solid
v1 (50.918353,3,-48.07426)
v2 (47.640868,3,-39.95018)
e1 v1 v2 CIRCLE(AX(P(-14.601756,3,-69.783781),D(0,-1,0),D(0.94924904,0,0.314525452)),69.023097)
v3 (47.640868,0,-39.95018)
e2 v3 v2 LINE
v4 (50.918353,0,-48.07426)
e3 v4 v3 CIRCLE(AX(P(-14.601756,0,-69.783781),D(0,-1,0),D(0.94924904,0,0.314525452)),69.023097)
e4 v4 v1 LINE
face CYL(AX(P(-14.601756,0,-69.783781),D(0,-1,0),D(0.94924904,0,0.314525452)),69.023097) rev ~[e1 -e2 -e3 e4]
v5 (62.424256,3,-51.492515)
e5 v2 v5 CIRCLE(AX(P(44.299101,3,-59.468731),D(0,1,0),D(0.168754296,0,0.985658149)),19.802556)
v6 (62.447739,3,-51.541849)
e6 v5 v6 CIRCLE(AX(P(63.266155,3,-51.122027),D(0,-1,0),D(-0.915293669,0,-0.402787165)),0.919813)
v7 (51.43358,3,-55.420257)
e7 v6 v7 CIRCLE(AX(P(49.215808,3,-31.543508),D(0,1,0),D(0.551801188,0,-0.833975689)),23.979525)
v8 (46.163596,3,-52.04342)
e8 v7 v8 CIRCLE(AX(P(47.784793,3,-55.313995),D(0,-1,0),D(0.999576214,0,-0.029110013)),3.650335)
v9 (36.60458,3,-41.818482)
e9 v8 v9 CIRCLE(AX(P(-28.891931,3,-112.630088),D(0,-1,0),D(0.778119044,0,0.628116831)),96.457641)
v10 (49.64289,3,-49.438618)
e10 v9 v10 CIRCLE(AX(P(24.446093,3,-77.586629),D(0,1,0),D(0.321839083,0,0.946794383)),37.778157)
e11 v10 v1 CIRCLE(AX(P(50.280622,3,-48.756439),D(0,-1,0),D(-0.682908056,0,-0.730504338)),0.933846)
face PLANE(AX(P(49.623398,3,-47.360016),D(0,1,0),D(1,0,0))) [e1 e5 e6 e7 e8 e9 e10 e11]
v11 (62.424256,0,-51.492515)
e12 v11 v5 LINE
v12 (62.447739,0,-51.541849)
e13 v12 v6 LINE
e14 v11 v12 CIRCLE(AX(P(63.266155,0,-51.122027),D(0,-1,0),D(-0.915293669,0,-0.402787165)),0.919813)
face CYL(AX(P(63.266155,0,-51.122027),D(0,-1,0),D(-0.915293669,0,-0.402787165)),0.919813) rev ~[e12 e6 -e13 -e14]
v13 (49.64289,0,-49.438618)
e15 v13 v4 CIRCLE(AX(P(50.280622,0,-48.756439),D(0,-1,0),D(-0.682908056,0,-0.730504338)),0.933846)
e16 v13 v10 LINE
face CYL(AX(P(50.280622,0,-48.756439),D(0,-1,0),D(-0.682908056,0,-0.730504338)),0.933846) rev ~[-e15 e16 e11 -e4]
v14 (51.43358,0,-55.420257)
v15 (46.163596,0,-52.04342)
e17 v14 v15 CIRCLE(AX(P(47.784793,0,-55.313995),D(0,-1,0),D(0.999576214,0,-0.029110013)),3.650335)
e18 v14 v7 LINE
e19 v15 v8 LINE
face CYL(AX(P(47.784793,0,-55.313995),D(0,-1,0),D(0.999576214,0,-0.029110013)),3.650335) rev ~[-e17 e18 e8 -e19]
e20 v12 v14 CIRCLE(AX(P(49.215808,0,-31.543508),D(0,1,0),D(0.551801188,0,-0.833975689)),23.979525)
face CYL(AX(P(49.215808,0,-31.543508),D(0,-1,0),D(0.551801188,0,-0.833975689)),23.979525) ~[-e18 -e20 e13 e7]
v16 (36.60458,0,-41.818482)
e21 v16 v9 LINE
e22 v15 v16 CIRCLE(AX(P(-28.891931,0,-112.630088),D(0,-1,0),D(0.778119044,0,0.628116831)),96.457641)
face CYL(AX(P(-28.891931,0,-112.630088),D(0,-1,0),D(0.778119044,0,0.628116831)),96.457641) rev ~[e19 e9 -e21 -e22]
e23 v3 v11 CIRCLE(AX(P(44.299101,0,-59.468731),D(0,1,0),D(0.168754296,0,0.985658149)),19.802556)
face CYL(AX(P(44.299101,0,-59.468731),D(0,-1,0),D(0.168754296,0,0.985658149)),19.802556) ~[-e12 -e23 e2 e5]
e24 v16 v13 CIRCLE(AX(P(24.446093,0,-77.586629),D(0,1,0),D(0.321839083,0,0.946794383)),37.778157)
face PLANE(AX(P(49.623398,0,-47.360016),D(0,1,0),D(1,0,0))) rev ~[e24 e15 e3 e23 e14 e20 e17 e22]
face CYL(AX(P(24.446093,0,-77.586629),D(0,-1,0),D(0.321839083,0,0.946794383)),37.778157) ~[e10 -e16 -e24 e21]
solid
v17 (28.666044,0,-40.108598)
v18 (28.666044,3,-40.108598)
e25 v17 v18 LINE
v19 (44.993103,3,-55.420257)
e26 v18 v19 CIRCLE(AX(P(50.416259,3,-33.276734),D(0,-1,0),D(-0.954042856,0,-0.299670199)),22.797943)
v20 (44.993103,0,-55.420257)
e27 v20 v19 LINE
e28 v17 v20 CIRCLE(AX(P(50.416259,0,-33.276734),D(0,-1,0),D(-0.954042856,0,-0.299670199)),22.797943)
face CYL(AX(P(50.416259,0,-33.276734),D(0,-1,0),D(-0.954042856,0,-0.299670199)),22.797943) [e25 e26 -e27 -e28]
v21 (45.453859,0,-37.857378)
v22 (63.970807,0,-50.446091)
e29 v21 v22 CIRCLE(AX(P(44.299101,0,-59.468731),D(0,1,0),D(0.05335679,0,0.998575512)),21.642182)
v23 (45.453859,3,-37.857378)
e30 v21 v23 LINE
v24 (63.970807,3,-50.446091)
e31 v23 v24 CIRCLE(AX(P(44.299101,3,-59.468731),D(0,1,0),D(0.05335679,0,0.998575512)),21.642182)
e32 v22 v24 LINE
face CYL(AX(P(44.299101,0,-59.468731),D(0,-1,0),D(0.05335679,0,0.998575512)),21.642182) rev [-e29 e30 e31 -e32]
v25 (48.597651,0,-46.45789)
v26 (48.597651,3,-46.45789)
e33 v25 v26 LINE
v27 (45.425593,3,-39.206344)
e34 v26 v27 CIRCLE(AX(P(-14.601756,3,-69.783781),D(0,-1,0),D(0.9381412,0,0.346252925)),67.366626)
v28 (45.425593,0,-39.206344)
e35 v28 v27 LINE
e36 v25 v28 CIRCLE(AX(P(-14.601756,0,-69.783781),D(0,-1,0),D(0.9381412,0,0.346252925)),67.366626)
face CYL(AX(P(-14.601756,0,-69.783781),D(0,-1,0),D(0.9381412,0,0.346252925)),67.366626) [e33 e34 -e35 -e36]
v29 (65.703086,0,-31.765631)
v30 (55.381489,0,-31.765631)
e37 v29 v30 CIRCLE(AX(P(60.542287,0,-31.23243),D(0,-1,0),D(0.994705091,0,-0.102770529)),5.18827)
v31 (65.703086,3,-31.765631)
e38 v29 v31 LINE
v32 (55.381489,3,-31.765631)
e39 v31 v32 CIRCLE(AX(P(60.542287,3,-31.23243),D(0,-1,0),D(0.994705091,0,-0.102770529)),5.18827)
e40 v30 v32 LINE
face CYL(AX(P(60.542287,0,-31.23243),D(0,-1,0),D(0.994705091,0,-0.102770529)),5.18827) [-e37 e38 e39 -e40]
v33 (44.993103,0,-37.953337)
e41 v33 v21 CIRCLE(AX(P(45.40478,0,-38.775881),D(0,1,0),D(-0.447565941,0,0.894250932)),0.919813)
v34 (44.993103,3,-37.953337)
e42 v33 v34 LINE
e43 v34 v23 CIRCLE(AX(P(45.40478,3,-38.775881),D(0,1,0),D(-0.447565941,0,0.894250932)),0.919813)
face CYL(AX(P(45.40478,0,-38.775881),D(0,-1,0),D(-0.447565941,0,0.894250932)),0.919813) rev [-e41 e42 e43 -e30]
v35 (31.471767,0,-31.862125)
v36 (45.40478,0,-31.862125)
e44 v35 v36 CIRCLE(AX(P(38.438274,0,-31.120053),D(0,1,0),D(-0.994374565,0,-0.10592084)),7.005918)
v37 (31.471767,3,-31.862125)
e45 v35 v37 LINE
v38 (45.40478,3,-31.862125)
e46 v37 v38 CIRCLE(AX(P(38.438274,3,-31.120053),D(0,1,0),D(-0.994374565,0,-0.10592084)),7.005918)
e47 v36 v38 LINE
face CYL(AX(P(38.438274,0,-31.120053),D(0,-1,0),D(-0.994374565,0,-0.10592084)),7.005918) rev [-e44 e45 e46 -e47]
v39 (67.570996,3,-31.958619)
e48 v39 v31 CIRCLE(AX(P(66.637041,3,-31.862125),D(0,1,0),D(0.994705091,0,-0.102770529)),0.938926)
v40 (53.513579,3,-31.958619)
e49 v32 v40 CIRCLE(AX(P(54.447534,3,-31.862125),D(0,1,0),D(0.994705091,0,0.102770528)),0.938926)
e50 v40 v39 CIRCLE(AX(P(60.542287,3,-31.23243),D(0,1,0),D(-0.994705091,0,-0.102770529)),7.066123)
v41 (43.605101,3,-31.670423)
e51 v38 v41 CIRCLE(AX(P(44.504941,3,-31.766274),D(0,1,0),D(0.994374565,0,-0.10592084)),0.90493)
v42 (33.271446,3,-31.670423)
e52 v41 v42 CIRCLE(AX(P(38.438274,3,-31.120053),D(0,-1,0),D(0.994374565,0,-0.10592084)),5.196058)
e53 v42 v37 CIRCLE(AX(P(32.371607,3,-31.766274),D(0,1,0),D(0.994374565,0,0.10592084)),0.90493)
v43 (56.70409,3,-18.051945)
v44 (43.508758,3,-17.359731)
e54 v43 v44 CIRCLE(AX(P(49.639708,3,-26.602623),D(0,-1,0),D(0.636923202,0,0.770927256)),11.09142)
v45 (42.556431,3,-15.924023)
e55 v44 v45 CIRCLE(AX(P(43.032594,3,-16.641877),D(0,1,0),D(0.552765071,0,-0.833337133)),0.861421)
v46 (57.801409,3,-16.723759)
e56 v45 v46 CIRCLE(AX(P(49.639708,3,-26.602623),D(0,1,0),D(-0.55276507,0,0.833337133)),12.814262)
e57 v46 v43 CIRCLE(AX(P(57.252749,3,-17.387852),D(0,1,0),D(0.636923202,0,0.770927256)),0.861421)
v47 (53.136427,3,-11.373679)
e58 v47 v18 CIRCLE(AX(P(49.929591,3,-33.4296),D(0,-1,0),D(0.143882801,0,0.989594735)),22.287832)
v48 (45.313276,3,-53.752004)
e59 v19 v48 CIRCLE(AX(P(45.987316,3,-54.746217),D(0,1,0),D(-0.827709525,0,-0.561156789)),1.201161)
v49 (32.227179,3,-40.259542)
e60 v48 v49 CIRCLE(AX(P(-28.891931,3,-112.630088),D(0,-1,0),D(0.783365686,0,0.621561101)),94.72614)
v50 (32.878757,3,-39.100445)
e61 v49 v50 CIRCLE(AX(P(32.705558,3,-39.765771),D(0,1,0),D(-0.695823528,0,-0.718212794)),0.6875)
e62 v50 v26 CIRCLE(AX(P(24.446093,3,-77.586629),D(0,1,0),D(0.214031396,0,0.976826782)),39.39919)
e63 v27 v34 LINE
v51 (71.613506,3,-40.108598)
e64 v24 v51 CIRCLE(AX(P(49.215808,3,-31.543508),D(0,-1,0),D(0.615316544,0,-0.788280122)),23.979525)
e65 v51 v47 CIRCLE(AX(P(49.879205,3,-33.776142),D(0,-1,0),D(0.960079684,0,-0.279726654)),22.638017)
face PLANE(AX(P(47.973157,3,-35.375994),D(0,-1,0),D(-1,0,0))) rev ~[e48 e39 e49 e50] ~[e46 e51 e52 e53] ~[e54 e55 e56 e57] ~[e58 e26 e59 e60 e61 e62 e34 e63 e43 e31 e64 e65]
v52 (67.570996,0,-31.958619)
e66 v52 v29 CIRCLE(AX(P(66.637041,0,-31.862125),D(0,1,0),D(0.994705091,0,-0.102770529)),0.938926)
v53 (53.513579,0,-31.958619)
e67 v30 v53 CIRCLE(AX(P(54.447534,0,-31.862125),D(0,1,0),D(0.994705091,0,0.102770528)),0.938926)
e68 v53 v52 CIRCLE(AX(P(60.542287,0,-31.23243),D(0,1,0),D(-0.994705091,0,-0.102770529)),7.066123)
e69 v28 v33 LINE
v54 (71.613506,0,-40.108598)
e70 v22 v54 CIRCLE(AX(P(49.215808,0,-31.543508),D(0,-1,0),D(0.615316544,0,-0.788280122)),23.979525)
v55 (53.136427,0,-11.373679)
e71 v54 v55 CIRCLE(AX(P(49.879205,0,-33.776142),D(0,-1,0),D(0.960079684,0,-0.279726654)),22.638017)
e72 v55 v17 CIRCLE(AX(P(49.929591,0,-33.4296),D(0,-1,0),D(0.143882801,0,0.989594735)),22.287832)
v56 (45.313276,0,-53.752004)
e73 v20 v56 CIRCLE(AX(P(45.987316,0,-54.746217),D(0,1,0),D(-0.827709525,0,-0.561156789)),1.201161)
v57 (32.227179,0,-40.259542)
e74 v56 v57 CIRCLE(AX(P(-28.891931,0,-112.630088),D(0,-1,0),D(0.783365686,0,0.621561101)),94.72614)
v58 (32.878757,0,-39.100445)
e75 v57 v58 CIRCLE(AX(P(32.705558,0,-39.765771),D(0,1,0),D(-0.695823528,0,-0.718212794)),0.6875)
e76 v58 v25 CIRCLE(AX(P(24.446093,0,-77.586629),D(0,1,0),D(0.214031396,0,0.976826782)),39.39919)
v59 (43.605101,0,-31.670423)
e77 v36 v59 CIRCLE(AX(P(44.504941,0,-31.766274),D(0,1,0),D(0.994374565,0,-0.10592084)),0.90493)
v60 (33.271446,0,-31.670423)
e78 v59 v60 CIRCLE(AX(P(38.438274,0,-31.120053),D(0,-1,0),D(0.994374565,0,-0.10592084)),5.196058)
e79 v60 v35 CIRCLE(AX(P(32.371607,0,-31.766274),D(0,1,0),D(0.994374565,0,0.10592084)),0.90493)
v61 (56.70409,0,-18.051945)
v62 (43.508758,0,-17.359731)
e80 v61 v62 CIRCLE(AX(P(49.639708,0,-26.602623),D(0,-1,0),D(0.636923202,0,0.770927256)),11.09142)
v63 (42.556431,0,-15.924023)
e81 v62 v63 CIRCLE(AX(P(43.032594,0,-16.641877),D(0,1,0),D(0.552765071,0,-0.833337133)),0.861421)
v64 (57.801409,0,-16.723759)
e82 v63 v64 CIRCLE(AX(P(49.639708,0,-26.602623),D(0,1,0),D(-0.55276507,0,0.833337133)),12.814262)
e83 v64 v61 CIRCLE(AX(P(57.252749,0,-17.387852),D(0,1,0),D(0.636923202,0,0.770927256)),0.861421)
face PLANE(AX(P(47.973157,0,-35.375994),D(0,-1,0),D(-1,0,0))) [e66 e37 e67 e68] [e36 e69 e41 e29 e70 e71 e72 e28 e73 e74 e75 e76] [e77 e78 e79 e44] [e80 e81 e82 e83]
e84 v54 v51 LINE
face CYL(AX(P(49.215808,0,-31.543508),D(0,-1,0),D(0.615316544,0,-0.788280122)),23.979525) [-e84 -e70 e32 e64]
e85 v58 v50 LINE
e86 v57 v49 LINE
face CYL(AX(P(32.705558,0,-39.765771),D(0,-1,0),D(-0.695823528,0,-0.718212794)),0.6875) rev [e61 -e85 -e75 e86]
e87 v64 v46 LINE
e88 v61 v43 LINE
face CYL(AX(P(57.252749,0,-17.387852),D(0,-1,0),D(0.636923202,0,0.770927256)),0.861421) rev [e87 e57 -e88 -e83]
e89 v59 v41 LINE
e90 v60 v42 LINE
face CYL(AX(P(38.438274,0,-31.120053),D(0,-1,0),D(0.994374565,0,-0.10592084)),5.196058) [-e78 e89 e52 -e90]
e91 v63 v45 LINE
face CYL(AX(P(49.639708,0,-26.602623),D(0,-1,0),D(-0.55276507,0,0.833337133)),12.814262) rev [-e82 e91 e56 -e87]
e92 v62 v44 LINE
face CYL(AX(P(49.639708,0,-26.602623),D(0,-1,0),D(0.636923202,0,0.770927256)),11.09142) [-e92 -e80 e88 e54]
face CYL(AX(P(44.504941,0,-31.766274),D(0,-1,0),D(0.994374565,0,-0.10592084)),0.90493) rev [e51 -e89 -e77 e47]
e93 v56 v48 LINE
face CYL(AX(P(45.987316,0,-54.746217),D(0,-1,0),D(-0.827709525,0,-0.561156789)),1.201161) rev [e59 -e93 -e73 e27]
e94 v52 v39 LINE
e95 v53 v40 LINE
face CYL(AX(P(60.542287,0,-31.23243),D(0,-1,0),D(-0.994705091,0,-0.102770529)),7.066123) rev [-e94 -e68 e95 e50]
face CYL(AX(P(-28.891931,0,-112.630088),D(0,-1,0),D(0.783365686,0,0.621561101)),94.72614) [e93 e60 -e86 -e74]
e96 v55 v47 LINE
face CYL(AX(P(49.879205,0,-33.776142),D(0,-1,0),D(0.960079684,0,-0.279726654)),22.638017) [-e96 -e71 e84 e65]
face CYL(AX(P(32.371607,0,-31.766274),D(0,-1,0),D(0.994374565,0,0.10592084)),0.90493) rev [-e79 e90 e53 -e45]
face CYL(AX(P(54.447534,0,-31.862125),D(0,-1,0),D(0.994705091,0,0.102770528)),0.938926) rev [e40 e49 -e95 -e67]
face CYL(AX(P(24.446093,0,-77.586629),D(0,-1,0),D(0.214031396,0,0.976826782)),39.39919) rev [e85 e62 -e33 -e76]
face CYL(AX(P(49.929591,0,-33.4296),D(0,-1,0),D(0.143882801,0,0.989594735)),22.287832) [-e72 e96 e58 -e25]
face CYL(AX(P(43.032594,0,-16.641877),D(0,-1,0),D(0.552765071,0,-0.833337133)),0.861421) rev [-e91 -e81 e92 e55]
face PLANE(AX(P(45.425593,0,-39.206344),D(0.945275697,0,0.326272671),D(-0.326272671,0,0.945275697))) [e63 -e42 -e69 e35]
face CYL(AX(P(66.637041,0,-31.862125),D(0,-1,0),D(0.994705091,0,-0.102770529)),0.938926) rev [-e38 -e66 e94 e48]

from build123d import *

# Parameters (mm, degrees)
SALIENTE_EXTRUIR1_DEPTH   = 3
SALIENTE_EXTRUIR1_2_DEPTH = 3


with BuildPart() as part:
    # Croquis1 → Saliente-Extruir1 (new body)
    with BuildSketch(Plane(origin=(0, 0, 0), x_dir=(1, 0, 0), z_dir=(0, 1, 0))):
        with BuildLine():
            Line((45.425593016, 39.206344036), (44.993103459, 37.95333726))
            ThreePointArc((44.993103459, 37.95333726), (45.217239696, 37.87538969), (45.453858509, 37.857378194))
            ThreePointArc((45.453858509, 37.857378194), (56.466858378, 41.570973662), (63.970806845, 50.446091398))
            ThreePointArc((63.970806845, 50.446091398), (68.49783746, 45.799067947), (71.613505946, 40.108598457))
            ThreePointArc((71.613505946, 40.108598457), (68.920422337, 21.532290532), (53.136426633, 11.373678664))
            ThreePointArc((53.136426633, 11.373678664), (32.960940305, 18.979259272), (28.666044434, 40.108598457))
            ThreePointArc((28.666044434, 40.108598457), (34.821076063, 49.9061201), (44.993103459, 55.420256783))
            ThreePointArc((44.993103459, 55.420256783), (44.807683463, 54.519820522), (45.313276313, 53.7520042))
            ThreePointArc((45.313276313, 53.7520042), (39.105711287, 46.680393607), (32.227179127, 40.259542009))
            ThreePointArc((32.227179127, 40.259542009), (32.106258057, 39.428878951), (32.878756679, 39.10044494))
            ThreePointArc((32.878756679, 39.10044494), (41.148364583, 41.902874928), (48.597651163, 46.457889546))
            ThreePointArc((48.597651163, 46.457889546), (47.118213116, 42.785490463), (45.425593016, 39.206344036))
        make_face()
        with BuildLine():
            ThreePointArc((31.471767073, 31.862125217), (38.438273667, 24.114134575), (45.404780261, 31.862125217))
            ThreePointArc((45.404780261, 31.862125217), (44.409089735, 32.666113812), (43.60510114, 31.670423286))
            ThreePointArc((43.60510114, 31.670423286), (38.438273667, 25.923994948), (33.271446194, 31.670423286))
            ThreePointArc((33.271446194, 31.670423286), (32.467457599, 32.666113812), (31.471767073, 31.862125217))
        make_face(mode=Mode.SUBTRACT)
        with BuildLine():
            ThreePointArc((53.513579106, 31.958619171), (60.542287348, 24.166307285), (67.570995591, 31.958619171))
            ThreePointArc((67.570995591, 31.958619171), (66.540546849, 32.796080004), (65.703086016, 31.765631263))
            ThreePointArc((65.703086016, 31.765631263), (60.542287348, 26.044159919), (55.381488681, 31.765631263))
            ThreePointArc((55.381488681, 31.765631263), (54.544027848, 32.796080004), (53.513579106, 31.958619171))
        make_face(mode=Mode.SUBTRACT)
        with BuildLine():
            ThreePointArc((42.556430807, 15.924022523), (50.311008053, 13.805956585), (57.801408595, 16.723759063))
            ThreePointArc((57.801408595, 16.723759063), (57.916842518, 17.936511186), (56.704090395, 18.051945109))
            ThreePointArc((56.704090395, 18.051945109), (50.220753546, 15.526433126), (43.508757823, 17.359730941))
            ThreePointArc((43.508757823, 17.359730941), (42.314740106, 17.11804024), (42.556430807, 15.924022523))
        make_face(mode=Mode.SUBTRACT)
    extrude(amount=SALIENTE_EXTRUIR1_DEPTH)


with BuildPart() as body_2:
    # Croquis1 → Saliente-Extruir1 2 (new body)
    with BuildSketch(Plane(origin=(0, 0, 0), x_dir=(1, 0, 0), z_dir=(0, 1, 0))):
        with BuildLine():
            ThreePointArc((47.640867648, 39.950179711), (56.485714844, 43.860153446), (62.42425572, 51.492515388))
            ThreePointArc((62.42425572, 51.492515388), (62.435630847, 51.517356792), (62.447738759, 51.54184939))
            ThreePointArc((62.447738759, 51.54184939), (57.180344633, 54.161726438), (51.4335805, 55.420256783))
            ThreePointArc((51.4335805, 55.420256783), (49.75419333, 52.240495167), (46.163596362, 52.043420018))
            ThreePointArc((46.163596362, 52.043420018), (41.569805001, 46.757329696), (36.604580424, 41.818482171))
            ThreePointArc((36.604580424, 41.818482171), (43.508384082, 44.970402926), (49.642890368, 49.43861756))
            ThreePointArc((49.642890368, 49.43861756), (50.962800398, 49.394169945), (50.918352783, 48.074259915))
            ThreePointArc((50.918352783, 48.074259915), (49.408626903, 43.96017081), (47.640867648, 39.950179711))
        make_face()
    extrude(amount=SALIENTE_EXTRUIR1_2_DEPTH)


solid = Compound([part.part, body_2.part])
